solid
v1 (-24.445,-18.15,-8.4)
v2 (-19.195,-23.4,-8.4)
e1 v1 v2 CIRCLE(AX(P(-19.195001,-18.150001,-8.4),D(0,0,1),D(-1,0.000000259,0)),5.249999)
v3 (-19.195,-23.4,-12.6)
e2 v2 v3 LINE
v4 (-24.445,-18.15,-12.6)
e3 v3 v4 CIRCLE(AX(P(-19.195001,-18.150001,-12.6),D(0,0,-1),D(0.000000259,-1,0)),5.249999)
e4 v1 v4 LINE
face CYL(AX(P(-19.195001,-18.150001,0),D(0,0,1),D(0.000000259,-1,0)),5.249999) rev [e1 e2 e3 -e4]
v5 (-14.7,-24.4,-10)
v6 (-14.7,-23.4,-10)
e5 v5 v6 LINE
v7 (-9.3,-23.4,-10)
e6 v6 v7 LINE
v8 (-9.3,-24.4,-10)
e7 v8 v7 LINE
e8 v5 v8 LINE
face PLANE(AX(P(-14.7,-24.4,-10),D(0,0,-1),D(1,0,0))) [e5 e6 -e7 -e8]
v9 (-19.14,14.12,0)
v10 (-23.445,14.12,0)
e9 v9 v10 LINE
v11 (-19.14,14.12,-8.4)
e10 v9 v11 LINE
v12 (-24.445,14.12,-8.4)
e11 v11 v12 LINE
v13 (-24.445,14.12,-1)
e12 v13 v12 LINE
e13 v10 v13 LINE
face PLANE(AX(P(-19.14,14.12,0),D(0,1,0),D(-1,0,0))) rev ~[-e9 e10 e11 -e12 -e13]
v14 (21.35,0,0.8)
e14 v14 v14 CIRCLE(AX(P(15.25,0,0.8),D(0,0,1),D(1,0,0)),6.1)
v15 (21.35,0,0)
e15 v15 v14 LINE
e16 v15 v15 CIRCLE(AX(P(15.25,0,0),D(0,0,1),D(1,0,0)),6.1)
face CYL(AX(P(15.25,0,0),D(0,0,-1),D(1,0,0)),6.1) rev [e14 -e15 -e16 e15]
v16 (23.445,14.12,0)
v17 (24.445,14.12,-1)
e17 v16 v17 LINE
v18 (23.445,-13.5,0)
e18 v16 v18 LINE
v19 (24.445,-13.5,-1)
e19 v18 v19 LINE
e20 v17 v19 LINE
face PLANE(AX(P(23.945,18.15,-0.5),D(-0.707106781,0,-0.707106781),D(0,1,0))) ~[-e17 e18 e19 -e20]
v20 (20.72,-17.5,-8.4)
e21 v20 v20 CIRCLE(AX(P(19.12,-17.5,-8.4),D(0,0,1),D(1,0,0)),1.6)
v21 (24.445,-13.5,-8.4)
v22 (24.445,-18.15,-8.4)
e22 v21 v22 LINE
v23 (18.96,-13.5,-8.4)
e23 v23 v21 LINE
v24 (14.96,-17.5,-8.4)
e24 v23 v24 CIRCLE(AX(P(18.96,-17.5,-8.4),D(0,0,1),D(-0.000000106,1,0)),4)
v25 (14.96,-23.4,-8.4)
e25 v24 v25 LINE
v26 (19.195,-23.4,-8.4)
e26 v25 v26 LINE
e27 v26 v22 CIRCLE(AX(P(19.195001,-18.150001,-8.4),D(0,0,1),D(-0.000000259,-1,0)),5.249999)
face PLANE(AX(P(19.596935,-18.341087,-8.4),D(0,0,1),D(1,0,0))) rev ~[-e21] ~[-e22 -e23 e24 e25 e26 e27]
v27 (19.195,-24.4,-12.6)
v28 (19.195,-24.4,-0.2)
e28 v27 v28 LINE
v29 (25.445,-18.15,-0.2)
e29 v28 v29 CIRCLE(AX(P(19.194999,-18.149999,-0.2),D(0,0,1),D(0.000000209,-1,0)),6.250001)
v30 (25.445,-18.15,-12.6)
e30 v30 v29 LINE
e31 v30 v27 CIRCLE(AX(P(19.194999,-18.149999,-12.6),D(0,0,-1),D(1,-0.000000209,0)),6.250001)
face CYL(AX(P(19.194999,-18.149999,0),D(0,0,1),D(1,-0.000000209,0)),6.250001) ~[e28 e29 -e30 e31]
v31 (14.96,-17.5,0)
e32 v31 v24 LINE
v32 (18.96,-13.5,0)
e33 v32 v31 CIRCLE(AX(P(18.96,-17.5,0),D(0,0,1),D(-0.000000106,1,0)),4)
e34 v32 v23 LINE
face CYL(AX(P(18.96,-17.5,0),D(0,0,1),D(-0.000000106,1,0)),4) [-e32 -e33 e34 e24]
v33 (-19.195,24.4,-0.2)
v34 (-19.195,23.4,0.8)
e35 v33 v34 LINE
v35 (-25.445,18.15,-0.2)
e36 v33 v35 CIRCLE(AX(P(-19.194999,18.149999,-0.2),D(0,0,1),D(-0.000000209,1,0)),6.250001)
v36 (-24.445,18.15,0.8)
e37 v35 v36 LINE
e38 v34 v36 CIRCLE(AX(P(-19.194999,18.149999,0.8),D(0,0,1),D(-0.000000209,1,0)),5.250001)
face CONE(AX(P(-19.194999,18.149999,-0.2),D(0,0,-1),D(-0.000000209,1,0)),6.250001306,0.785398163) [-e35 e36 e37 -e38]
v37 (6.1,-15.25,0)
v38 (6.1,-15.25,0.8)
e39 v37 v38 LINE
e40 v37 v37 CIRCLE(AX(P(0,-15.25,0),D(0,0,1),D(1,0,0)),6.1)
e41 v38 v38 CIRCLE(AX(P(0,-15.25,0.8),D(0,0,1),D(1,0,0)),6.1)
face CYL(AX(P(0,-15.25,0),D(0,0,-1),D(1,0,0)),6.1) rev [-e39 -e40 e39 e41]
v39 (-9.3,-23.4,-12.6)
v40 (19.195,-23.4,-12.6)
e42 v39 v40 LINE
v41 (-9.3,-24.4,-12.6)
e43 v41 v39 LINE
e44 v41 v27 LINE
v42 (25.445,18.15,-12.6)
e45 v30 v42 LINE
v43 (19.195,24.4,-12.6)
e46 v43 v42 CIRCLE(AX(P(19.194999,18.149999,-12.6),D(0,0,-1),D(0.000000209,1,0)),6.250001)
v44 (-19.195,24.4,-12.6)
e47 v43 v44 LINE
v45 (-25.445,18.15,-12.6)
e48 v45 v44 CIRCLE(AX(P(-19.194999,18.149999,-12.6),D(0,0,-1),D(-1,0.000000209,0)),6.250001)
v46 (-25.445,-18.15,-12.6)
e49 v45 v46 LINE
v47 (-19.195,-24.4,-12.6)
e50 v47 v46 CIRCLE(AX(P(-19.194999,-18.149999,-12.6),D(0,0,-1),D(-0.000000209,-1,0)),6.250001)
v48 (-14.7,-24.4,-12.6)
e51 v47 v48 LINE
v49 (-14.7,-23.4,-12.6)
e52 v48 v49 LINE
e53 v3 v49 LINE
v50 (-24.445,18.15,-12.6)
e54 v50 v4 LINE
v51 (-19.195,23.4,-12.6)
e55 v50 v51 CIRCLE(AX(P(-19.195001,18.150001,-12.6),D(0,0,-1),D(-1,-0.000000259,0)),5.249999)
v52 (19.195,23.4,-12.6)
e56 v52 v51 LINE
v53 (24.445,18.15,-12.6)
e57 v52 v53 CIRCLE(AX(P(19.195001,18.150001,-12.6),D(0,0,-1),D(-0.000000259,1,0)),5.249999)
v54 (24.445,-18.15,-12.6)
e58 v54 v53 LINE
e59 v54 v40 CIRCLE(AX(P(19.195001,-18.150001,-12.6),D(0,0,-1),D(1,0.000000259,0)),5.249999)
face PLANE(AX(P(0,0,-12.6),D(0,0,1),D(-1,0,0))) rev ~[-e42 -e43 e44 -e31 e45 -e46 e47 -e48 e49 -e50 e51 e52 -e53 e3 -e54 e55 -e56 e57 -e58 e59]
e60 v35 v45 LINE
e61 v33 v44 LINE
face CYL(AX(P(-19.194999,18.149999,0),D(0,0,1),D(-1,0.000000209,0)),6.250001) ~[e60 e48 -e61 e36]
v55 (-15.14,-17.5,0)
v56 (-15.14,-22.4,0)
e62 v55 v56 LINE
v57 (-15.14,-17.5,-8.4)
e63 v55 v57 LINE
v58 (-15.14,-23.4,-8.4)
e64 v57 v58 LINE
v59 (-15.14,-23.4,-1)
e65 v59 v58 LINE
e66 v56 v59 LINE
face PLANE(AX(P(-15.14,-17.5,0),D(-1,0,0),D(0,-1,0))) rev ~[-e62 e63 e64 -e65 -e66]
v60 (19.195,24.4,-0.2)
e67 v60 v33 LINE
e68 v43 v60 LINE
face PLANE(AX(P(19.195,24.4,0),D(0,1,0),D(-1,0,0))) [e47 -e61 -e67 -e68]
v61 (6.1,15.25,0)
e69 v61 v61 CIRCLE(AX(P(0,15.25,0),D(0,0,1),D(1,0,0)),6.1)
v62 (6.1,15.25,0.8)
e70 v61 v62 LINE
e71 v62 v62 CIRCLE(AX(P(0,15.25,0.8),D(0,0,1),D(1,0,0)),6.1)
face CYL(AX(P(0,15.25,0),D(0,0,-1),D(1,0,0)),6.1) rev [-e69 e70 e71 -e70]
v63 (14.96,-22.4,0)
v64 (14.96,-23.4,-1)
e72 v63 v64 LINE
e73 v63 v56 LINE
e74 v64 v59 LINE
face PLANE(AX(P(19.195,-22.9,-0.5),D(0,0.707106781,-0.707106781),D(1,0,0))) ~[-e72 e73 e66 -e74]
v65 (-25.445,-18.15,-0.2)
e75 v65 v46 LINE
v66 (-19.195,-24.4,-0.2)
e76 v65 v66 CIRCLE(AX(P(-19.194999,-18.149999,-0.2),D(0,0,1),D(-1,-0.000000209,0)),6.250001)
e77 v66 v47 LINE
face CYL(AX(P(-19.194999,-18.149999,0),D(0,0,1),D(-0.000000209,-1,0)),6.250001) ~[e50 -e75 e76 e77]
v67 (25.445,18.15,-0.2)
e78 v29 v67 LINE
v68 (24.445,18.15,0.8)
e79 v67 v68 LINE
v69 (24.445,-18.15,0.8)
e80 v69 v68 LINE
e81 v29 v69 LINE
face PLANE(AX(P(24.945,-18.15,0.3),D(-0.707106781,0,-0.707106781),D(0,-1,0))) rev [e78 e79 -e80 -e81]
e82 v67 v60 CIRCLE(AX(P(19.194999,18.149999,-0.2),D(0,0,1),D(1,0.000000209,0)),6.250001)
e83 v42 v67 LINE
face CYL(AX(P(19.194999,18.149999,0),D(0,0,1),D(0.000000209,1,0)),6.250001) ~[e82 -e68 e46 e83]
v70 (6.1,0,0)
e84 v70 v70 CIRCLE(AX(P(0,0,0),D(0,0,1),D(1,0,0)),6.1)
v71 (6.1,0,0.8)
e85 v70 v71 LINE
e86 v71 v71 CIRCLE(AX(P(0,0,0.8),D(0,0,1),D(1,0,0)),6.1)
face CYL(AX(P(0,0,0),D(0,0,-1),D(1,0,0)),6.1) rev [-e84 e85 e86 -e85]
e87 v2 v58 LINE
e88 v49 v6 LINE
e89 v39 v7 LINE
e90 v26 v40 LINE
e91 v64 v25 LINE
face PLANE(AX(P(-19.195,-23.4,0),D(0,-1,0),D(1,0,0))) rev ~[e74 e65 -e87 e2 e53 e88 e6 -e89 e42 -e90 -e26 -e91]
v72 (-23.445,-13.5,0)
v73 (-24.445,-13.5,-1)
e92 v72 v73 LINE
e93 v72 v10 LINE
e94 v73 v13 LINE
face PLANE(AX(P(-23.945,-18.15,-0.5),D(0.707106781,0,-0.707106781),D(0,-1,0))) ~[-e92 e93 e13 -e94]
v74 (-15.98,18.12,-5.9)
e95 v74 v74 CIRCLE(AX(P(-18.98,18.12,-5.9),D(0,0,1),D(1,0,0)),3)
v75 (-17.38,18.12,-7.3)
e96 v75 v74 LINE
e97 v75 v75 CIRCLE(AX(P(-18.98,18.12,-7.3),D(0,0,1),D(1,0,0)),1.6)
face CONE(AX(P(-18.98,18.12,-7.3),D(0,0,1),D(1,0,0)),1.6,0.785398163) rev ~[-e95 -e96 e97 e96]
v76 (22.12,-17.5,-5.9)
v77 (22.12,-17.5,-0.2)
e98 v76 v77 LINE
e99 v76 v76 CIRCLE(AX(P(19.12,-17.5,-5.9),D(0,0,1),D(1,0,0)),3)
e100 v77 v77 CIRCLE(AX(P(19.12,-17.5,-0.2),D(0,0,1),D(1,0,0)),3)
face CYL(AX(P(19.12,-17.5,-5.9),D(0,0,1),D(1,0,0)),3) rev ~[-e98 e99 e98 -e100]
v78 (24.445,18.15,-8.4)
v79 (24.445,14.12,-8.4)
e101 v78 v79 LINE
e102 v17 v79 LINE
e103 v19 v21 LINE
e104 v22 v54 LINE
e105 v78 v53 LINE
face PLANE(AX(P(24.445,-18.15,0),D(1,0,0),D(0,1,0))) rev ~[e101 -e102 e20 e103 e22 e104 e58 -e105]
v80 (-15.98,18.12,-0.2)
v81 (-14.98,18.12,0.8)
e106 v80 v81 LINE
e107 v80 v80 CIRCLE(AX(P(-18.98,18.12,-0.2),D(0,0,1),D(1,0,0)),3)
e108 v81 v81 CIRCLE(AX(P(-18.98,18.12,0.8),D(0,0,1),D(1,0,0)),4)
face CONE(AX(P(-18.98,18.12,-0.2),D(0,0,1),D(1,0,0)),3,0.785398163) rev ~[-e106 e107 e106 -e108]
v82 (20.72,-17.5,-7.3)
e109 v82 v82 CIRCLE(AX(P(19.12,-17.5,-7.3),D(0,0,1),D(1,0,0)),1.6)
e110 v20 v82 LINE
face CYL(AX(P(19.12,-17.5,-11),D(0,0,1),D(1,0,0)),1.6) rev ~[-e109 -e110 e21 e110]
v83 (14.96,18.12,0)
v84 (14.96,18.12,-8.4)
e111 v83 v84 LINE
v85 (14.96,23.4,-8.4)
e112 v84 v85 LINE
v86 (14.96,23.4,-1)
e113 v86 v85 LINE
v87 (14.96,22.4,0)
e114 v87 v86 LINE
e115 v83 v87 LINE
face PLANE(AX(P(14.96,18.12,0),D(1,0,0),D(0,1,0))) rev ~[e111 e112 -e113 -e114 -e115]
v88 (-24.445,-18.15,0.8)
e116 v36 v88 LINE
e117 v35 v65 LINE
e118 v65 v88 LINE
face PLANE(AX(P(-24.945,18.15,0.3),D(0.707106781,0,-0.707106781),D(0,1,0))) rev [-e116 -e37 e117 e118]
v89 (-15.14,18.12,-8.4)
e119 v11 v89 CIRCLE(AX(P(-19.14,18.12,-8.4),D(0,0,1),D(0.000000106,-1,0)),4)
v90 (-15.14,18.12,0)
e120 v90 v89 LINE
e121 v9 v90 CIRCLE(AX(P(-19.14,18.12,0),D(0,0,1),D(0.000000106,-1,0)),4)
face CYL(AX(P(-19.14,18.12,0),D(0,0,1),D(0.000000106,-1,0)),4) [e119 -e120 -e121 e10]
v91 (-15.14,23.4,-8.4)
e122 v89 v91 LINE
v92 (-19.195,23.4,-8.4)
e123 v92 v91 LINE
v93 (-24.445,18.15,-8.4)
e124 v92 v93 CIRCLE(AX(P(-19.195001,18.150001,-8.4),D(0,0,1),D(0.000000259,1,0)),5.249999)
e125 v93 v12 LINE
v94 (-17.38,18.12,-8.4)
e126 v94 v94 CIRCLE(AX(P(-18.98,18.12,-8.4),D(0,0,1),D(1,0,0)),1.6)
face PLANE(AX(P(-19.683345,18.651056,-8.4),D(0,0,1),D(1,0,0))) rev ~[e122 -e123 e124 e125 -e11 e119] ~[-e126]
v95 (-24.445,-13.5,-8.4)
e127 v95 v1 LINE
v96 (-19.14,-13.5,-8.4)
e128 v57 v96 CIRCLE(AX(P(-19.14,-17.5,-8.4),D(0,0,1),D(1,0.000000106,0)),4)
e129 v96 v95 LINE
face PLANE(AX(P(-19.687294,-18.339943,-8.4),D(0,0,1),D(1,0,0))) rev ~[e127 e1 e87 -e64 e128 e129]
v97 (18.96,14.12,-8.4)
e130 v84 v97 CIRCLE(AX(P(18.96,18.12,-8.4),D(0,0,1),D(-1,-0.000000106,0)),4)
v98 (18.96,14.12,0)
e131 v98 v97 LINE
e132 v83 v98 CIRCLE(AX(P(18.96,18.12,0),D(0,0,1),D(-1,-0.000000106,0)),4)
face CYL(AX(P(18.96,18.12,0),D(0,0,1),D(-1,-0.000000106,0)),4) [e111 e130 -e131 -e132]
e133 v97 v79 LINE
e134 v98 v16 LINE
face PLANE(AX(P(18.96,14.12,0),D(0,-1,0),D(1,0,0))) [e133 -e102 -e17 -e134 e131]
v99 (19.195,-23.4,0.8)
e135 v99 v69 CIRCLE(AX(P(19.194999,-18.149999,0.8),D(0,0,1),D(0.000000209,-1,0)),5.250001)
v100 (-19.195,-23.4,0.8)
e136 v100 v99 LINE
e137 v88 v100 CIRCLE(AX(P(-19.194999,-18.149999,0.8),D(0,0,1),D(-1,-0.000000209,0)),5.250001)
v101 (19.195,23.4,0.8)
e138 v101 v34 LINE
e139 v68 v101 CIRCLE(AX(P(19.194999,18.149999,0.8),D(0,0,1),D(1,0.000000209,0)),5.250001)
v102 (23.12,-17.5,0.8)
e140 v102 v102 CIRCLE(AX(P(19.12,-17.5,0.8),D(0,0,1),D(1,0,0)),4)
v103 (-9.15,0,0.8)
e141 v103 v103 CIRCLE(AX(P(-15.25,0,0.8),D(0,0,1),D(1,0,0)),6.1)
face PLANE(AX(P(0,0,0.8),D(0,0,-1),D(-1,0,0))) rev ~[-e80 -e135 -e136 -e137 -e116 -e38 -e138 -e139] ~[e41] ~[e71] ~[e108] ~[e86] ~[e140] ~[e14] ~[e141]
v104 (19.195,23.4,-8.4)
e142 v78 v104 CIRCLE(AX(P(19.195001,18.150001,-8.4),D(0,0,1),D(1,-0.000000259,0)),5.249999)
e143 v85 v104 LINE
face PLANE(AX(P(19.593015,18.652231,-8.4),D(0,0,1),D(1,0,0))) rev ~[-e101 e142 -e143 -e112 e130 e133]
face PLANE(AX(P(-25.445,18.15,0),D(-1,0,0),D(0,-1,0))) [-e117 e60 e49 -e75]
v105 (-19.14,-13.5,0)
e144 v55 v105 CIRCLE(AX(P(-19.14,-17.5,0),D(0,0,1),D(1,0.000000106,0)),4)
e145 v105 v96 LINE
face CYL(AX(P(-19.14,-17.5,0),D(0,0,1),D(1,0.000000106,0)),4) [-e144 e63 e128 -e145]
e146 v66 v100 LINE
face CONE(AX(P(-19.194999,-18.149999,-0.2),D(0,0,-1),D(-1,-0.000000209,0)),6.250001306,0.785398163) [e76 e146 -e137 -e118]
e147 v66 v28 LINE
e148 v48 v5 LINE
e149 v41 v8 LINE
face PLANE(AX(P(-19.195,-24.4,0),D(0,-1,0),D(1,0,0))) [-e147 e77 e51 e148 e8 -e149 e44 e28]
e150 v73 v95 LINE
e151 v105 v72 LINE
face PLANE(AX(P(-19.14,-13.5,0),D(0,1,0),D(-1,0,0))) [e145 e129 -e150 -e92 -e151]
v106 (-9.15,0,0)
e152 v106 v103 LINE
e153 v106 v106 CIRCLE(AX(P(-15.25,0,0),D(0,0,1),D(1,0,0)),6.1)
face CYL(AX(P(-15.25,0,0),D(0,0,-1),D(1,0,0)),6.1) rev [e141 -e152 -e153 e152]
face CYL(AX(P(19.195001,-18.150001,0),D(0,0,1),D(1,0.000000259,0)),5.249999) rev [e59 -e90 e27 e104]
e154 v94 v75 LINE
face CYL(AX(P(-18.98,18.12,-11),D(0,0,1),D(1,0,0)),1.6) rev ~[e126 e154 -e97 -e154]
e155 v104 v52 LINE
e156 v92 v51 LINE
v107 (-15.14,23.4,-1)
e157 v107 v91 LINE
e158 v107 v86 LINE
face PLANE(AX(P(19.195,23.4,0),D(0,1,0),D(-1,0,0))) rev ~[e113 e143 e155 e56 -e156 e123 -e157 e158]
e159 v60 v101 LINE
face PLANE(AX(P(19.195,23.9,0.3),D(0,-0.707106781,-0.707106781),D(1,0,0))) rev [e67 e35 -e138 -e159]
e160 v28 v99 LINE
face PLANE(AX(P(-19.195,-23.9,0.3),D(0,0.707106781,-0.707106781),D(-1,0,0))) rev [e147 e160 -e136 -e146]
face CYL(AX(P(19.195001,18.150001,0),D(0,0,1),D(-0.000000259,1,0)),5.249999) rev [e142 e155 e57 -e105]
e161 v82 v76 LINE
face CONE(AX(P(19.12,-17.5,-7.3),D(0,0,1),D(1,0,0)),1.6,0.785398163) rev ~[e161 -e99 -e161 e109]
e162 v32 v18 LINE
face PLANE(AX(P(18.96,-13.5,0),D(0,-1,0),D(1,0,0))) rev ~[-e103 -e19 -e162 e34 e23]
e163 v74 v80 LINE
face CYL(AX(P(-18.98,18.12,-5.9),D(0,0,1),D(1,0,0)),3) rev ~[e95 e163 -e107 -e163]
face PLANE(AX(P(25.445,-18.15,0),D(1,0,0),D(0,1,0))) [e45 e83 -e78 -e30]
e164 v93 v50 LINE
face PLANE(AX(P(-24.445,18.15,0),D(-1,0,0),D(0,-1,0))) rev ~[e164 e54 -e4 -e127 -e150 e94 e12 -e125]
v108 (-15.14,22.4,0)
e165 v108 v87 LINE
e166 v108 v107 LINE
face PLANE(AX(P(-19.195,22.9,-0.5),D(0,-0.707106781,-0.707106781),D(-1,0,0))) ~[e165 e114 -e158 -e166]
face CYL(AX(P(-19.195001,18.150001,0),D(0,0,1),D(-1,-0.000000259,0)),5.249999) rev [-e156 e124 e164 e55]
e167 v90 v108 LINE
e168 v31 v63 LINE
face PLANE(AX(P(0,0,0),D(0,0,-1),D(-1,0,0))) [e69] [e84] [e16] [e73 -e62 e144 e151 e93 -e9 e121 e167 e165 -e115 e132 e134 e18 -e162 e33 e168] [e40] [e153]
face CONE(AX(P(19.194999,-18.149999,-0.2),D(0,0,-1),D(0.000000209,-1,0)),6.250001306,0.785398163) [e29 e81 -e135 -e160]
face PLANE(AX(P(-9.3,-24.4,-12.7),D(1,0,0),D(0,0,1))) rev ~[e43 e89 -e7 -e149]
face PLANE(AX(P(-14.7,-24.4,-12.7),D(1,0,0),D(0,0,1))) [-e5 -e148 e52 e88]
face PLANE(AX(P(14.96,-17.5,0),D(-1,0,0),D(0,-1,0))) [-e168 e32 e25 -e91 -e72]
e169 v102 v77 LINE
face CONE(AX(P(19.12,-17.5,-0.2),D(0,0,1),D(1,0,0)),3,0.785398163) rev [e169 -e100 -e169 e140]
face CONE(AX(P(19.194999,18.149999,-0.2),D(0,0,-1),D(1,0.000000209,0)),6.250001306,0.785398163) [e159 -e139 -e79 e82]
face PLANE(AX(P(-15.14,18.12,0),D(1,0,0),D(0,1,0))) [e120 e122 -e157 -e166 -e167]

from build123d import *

# Parameters (mm, degrees)
SKETCH_R        = 6.1
PAD_DEPTH       = 0.8
PAD001_DEPTH    = 12.6
CHAMFER_SIZE    = 1
PAD002_DEPTH    = 8.4
SKETCH003_W     = 5.4
SKETCH003_H     = 2.7
POCKET_DEPTH    = 2
CHAMFER001_SIZE = 1


with BuildPart() as part:
    # Sketch → Pad (new body)
    with BuildSketch(Plane.XY):
        with BuildLine():
            Line((-19.195, 24.4), (19.195, 24.4))
            ThreePointArc((25.445, 18.15), (23.614417, 22.569417), (19.195, 24.4))
            Line((25.445, 18.15), (25.445, -18.15))
            ThreePointArc((19.195, -24.4), (23.614417, -22.569417), (25.445, -18.15))
            Line((19.195, -24.4), (-19.195, -24.4))
            ThreePointArc((-25.445, -18.15), (-23.614417, -22.569417), (-19.195, -24.4))
            Line((-25.445, -18.15), (-25.445, 18.15))
            ThreePointArc((-19.195, 24.4), (-23.614417, 22.569417), (-25.445, 18.15))
        make_face()
        with Locations((-15.25, 0)):
            Circle(SKETCH_R, mode=Mode.SUBTRACT)
        Circle(SKETCH_R, mode=Mode.SUBTRACT)
        with Locations((15.25, 0)):
            Circle(SKETCH_R, mode=Mode.SUBTRACT)
        with Locations((0, 15.25)):
            Circle(SKETCH_R, mode=Mode.SUBTRACT)
        with Locations((0, -15.25)):
            Circle(SKETCH_R, mode=Mode.SUBTRACT)
    extrude(amount=PAD_DEPTH)

    # Sketch005 (on Face14 of Pad) → Pad001 (join)
    with BuildSketch(Plane(origin=(0, 0, 0), x_dir=(1, 0, 0), z_dir=(0, 0, -1))):
        with BuildLine():
            Line((-19.195, 24.4), (19.195, 24.4))
            ThreePointArc((25.445, 18.15), (23.614417, 22.569417), (19.195, 24.4))
            Line((25.445, 18.15), (25.445, -18.15))
            ThreePointArc((19.195, -24.4), (23.614417, -22.569417), (25.445, -18.15))
            Line((19.195, -24.4), (-19.195, -24.4))
            ThreePointArc((-25.445, -18.15), (-23.614417, -22.569417), (-19.195, -24.4))
            Line((-25.445, -18.15), (-25.445, 18.15))
            ThreePointArc((-19.195, 24.4), (-23.614417, 22.569417), (-25.445, 18.15))
        make_face()
        with BuildLine():
            Line((-19.195, 23.4), (19.195, 23.4))
            ThreePointArc((24.445, 18.15), (22.907311, 21.862311), (19.195, 23.4))
            Line((24.445, 18.15), (24.445, -18.15))
            ThreePointArc((19.195, -23.4), (22.907311, -21.862311), (24.445, -18.15))
            Line((19.195, -23.4), (-19.195, -23.4))
            ThreePointArc((-24.445, -18.15), (-22.907311, -21.862311), (-19.195, -23.4))
            Line((-24.445, -18.15), (-24.445, 18.15))
            ThreePointArc((-19.195, 23.4), (-22.907311, 21.862311), (-24.445, 18.15))
        make_face(mode=Mode.SUBTRACT)
    extrude(amount=PAD001_DEPTH)

    # Chamfer
    chamfer_edges = [part.edges().sort_by_distance(p)[0] for p in [
        (-22.907311, 21.862311, 0),
        (23.614417, 22.569417, 0.8),
    ]]
    chamfer(chamfer_edges, length=CHAMFER_SIZE)

    # Sketch006 → Pad002 (join)
    with BuildSketch(Plane.XY):
        with BuildLine():
            ThreePointArc((-19.195, 23.4), (-22.907311, 21.862311), (-24.445, 18.15))
            Line((-24.445, 18.15), (-24.445, 14.12))
            Line((-19.14, 14.12), (-24.445, 14.12))
            ThreePointArc((-19.14, 14.12), (-16.311573, 15.291573), (-15.14, 18.12))
            Line((-15.14, 18.12), (-15.14, 23.4))
            Line((-19.195, 23.4), (-15.14, 23.4))
        make_face()
        with BuildLine():
            ThreePointArc((24.445, 18.15), (22.907311, 21.862311), (19.195, 23.4))
            Line((14.96, 23.4), (19.195, 23.4))
            Line((14.96, 18.12), (14.96, 23.4))
            ThreePointArc((14.96, 18.12), (16.131573, 15.291573), (18.96, 14.12))
            Line((18.96, 14.12), (24.445, 14.12))
            Line((24.445, 18.15), (24.445, 14.12))
        make_face()
        with BuildLine():
            ThreePointArc((19.195, -23.4), (22.907311, -21.862311), (24.445, -18.15))
            Line((24.445, -13.5), (24.445, -18.15))
            Line((18.96, -13.5), (24.445, -13.5))
            ThreePointArc((18.96, -13.5), (16.131573, -14.671573), (14.96, -17.5))
            Line((14.96, -17.5), (14.96, -23.4))
            Line((14.96, -23.4), (19.195, -23.4))
        make_face()
        with BuildLine():
            ThreePointArc((-24.445, -18.15), (-22.907311, -21.862311), (-19.195, -23.4))
            Line((-19.195, -23.4), (-15.14, -23.4))
            Line((-15.14, -17.5), (-15.14, -23.4))
            ThreePointArc((-15.14, -17.5), (-16.311573, -14.671573), (-19.14, -13.5))
            Line((-19.14, -13.5), (-24.445, -13.5))
            Line((-24.445, -13.5), (-24.445, -18.15))
        make_face()
    extrude(amount=-PAD002_DEPTH)

    # Sketch004 → Groove (revolve, cut)
    with BuildSketch(Plane(origin=(-18.98, 18.12, 0), x_dir=(1, 0, 0), z_dir=(0, -1, 0))):
        Polygon((3, 2), (0, 2), (0, -11), (1.6, -11), (1.6, -7.3), (3, -5.9), align=None)
    revolve(axis=Axis((-18.98, 18.12, 0), (0, 0, 1)), mode=Mode.SUBTRACT)

    # Sketch007 → Groove001 (revolve, cut)
    with BuildSketch(Plane(origin=(19.12, -17.5, 0), x_dir=(1, 0, 0), z_dir=(0, -1, 0))):
        Polygon((0, -11), (1.6, -11), (1.6, -7.3), (3, -5.9), (3, 2), (0, 2), align=None)
    revolve(axis=Axis((19.12, -17.5, 0), (0, 0, 1)), mode=Mode.SUBTRACT)

    # Sketch003 (on Face16 of Groove001) → Pocket (cut)
    with BuildSketch(Plane.XZ.offset(24.4)):
        with Locations((-12, -11.35)):
            Rectangle(SKETCH003_W, SKETCH003_H)
    extrude(amount=-POCKET_DEPTH, mode=Mode.SUBTRACT)

    # Chamfer001
    chamfer001_edges = [part.edges().sort_by_distance(p)[0] for p in [
        (16.12, -17.5, 0.8),
        (-21.98, 18.12, 0.8),
    ]]
    chamfer(chamfer001_edges, length=CHAMFER001_SIZE)


solid = part.part
